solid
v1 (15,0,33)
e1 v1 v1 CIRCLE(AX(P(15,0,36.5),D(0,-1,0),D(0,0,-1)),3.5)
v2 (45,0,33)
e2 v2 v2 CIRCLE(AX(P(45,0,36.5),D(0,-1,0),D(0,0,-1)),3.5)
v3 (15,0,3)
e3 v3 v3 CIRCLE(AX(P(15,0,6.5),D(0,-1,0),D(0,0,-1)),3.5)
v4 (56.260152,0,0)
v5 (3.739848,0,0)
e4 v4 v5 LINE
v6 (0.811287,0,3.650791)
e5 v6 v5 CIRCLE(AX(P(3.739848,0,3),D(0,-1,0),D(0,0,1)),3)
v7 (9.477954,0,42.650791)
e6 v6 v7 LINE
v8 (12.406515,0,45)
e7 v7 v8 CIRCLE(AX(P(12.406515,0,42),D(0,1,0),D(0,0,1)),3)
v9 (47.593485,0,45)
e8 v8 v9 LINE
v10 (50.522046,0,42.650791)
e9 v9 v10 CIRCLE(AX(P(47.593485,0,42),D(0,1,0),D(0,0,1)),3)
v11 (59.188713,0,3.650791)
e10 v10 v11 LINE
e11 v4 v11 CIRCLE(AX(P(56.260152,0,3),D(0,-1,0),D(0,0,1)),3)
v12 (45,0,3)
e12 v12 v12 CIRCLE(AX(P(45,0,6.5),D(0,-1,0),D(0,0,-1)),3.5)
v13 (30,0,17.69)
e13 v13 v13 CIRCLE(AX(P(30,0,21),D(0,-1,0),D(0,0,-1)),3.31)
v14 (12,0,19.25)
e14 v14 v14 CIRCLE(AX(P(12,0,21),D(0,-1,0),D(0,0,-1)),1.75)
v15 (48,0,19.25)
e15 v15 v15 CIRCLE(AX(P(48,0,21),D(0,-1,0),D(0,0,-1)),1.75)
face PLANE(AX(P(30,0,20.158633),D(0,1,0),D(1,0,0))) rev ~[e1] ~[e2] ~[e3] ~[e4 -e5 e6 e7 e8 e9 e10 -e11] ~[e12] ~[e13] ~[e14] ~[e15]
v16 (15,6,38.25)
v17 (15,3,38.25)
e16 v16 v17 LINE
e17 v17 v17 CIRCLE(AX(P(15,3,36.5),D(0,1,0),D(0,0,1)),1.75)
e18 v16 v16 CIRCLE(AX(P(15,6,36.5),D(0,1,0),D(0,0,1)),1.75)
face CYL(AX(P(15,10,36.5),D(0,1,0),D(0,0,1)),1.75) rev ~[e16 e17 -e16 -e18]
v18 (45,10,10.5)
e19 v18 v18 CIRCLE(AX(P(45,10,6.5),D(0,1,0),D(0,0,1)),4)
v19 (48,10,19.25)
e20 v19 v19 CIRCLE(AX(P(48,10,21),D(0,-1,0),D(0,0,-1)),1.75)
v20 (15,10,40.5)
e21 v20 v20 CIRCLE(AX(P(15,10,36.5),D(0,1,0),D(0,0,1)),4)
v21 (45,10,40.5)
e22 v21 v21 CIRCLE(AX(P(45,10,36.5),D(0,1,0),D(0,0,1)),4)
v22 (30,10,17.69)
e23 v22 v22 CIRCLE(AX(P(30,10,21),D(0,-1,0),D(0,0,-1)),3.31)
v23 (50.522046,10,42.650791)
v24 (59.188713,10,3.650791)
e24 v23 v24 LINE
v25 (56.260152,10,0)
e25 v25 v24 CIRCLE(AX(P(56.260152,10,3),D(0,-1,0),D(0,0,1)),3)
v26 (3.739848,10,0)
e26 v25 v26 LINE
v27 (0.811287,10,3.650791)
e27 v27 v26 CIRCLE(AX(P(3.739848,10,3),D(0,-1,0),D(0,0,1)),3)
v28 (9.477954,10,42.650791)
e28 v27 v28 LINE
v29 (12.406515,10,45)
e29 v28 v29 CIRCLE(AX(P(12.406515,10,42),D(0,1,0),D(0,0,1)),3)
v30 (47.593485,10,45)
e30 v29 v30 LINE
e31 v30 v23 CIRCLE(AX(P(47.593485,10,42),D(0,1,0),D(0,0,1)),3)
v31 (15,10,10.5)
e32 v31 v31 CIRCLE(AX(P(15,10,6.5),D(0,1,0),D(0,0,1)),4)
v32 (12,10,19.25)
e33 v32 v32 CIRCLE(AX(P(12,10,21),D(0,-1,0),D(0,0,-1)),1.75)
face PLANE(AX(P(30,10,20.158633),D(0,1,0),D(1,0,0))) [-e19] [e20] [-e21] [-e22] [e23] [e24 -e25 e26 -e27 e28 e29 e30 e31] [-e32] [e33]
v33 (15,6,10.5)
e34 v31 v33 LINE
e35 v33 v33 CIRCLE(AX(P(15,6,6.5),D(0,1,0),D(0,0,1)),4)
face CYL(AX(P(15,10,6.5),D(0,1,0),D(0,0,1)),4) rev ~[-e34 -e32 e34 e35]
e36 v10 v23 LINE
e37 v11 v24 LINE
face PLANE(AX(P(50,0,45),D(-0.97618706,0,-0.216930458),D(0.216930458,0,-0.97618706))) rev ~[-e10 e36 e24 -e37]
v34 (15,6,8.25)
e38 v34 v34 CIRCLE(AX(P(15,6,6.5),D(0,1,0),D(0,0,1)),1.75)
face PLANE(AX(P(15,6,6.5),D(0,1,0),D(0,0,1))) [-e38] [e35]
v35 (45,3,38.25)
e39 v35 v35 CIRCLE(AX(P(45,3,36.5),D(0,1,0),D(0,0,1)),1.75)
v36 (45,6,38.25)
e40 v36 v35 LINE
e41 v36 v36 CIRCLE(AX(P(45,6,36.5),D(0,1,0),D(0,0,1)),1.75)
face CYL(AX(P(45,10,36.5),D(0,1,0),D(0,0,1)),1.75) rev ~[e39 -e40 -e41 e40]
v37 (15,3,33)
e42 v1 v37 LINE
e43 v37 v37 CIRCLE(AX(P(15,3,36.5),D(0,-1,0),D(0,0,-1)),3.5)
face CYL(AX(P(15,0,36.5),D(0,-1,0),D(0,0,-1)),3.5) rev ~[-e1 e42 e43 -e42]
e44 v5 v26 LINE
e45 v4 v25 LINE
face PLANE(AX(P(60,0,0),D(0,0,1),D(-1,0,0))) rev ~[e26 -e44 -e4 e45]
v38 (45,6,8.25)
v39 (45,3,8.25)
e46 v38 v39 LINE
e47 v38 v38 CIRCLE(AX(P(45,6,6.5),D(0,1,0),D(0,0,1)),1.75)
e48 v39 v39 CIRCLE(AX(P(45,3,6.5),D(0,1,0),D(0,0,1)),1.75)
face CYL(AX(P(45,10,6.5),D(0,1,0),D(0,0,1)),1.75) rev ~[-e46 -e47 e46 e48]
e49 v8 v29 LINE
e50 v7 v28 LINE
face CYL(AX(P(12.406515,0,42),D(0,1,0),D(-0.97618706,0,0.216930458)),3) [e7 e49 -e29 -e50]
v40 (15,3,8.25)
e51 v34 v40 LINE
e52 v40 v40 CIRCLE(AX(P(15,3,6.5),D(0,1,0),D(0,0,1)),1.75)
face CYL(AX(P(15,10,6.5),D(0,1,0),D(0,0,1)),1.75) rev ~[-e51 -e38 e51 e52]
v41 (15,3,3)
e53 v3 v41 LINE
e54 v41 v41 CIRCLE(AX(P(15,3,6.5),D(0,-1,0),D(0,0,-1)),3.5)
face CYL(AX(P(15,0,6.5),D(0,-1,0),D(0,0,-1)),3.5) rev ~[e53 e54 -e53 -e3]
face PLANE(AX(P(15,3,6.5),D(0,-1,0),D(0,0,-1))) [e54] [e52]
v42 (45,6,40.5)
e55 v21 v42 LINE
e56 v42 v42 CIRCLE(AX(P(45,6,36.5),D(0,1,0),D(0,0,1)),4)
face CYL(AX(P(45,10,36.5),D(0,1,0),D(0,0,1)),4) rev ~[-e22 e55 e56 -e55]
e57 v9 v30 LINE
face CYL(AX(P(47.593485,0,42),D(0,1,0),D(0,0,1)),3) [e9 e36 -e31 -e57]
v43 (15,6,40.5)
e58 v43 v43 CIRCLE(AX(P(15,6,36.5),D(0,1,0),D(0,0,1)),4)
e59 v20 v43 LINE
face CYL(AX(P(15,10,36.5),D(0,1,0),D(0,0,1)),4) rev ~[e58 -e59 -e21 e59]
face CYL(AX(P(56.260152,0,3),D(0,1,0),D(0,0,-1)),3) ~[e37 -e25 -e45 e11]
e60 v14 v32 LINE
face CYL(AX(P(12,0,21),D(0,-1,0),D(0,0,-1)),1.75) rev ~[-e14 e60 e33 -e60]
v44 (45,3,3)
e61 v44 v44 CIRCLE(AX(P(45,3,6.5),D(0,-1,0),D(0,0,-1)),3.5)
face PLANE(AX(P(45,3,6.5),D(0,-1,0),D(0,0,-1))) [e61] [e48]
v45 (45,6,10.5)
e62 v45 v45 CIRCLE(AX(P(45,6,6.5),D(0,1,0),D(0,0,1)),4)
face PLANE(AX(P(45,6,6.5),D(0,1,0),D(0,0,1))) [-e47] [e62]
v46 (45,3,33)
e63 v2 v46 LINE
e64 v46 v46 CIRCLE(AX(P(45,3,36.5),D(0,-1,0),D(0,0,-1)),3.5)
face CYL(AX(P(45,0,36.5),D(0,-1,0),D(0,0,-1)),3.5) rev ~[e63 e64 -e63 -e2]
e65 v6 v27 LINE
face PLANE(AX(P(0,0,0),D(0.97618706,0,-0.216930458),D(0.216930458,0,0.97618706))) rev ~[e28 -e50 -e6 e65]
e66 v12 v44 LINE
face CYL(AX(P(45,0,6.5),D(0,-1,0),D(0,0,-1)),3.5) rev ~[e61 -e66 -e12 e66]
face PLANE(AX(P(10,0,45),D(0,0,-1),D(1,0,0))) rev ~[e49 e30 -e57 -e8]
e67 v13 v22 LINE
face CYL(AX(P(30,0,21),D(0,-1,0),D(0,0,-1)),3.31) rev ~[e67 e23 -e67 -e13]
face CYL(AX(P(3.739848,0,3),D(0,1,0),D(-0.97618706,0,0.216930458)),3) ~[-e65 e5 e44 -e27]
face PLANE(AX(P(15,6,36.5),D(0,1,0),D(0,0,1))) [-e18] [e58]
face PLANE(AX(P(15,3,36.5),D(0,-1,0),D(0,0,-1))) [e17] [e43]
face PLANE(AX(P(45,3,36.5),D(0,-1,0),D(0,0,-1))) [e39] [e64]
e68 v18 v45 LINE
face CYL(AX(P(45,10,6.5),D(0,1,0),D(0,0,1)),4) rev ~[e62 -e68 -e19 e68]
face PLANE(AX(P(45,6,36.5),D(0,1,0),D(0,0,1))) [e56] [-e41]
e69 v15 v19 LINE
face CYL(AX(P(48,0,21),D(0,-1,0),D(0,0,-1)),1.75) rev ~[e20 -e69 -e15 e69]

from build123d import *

# Parameters (mm, degrees)
BOSS_EXTRUDE2_DEPTH = 10
SKETCH4_R           = 4
CUT_EXTRUDE1_DEPTH  = 4
FILLET1_R           = 3
SKETCH5_R           = 1.75
SKETCH5_R_2         = 3.31
CUT_EXTRUDE2_DEPTH  = 10
SKETCH7_R           = 1.75
CUT_EXTRUDE3_DEPTH  = 10
SKETCH8_R           = 3.5
CUT_EXTRUDE4_DEPTH  = 3


with BuildPart() as part:
    # Sketch1 → Boss-Extrude2 (new body)
    with BuildSketch(Plane(origin=(0, 0, 0), x_dir=(1, 0, 0), z_dir=(0, 1, 0))):
        Polygon((0, 0), (10, -45), (50, -45), (60, 0), align=None)
    extrude(amount=BOSS_EXTRUDE2_DEPTH)

    # Sketch4 → Cut-Extrude1 (cut)
    with BuildSketch(Plane(origin=(0, 10, 0), x_dir=(1, 0, 0), z_dir=(0, 1, 0))):
        with Locations(Location((15, -6.5, 0), (0, 0, 270))):
            Circle(SKETCH4_R)
        with Locations(Location((45, -6.5, 0), (0, 0, 270))):
            Circle(SKETCH4_R)
        with Locations(Location((45, -36.5, 0), (0, 0, 270))):
            Circle(SKETCH4_R)
        with Locations(Location((15, -36.5, 0), (0, 0, 270))):
            Circle(SKETCH4_R)
    extrude(amount=-CUT_EXTRUDE1_DEPTH, mode=Mode.SUBTRACT)

    # Fillet1
    fillet1_edges = [part.edges().sort_by_distance(p)[0] for p in [
        (60, 5, 0),
        (50, 5, 45),
        (10, 5, 45),
        (0, 5, 0),
    ]]
    fillet(fillet1_edges, radius=FILLET1_R)

    # Sketch5 → Cut-Extrude2 (cut)
    with BuildSketch(Plane.XZ):
        with Locations(Location((12, 21, 0), (0, 0, 270))):
            Circle(SKETCH5_R)
        with Locations(Location((48, 21, 0), (0, 0, 270))):
            Circle(SKETCH5_R)
        with Locations(Location((30, 21, 0), (0, 0, 270))):
            Circle(SKETCH5_R_2)
    extrude(amount=-CUT_EXTRUDE2_DEPTH, mode=Mode.SUBTRACT)

    # Sketch7 → Cut-Extrude3 (cut)
    with BuildSketch(Plane(origin=(0, 10, 0), x_dir=(1, 0, 0), z_dir=(0, 1, 0))):
        with Locations(Location((15, -6.5, 0), (0, 0, 270))):
            Circle(SKETCH7_R)
        with Locations(Location((45, -6.5, 0), (0, 0, 270))):
            Circle(SKETCH7_R)
        with Locations(Location((45, -36.5, 0), (0, 0, 270))):
            Circle(SKETCH7_R)
        with Locations(Location((15, -36.5, 0), (0, 0, 270))):
            Circle(SKETCH7_R)
    extrude(amount=-CUT_EXTRUDE3_DEPTH, mode=Mode.SUBTRACT)

    # Sketch8 → Cut-Extrude4 (cut)
    with BuildSketch(Plane.XZ):
        with Locations(Location((15, 36.5, 0), (0, 0, 270))):
            Circle(SKETCH8_R)
        with Locations(Location((45, 36.5, 0), (0, 0, 270))):
            Circle(SKETCH8_R)
        with Locations(Location((45, 6.5, 0), (0, 0, 270))):
            Circle(SKETCH8_R)
        with Locations(Location((15, 6.5, 0), (0, 0, 270))):
            Circle(SKETCH8_R)
    extrude(amount=-CUT_EXTRUDE4_DEPTH, mode=Mode.SUBTRACT)


solid = part.part
